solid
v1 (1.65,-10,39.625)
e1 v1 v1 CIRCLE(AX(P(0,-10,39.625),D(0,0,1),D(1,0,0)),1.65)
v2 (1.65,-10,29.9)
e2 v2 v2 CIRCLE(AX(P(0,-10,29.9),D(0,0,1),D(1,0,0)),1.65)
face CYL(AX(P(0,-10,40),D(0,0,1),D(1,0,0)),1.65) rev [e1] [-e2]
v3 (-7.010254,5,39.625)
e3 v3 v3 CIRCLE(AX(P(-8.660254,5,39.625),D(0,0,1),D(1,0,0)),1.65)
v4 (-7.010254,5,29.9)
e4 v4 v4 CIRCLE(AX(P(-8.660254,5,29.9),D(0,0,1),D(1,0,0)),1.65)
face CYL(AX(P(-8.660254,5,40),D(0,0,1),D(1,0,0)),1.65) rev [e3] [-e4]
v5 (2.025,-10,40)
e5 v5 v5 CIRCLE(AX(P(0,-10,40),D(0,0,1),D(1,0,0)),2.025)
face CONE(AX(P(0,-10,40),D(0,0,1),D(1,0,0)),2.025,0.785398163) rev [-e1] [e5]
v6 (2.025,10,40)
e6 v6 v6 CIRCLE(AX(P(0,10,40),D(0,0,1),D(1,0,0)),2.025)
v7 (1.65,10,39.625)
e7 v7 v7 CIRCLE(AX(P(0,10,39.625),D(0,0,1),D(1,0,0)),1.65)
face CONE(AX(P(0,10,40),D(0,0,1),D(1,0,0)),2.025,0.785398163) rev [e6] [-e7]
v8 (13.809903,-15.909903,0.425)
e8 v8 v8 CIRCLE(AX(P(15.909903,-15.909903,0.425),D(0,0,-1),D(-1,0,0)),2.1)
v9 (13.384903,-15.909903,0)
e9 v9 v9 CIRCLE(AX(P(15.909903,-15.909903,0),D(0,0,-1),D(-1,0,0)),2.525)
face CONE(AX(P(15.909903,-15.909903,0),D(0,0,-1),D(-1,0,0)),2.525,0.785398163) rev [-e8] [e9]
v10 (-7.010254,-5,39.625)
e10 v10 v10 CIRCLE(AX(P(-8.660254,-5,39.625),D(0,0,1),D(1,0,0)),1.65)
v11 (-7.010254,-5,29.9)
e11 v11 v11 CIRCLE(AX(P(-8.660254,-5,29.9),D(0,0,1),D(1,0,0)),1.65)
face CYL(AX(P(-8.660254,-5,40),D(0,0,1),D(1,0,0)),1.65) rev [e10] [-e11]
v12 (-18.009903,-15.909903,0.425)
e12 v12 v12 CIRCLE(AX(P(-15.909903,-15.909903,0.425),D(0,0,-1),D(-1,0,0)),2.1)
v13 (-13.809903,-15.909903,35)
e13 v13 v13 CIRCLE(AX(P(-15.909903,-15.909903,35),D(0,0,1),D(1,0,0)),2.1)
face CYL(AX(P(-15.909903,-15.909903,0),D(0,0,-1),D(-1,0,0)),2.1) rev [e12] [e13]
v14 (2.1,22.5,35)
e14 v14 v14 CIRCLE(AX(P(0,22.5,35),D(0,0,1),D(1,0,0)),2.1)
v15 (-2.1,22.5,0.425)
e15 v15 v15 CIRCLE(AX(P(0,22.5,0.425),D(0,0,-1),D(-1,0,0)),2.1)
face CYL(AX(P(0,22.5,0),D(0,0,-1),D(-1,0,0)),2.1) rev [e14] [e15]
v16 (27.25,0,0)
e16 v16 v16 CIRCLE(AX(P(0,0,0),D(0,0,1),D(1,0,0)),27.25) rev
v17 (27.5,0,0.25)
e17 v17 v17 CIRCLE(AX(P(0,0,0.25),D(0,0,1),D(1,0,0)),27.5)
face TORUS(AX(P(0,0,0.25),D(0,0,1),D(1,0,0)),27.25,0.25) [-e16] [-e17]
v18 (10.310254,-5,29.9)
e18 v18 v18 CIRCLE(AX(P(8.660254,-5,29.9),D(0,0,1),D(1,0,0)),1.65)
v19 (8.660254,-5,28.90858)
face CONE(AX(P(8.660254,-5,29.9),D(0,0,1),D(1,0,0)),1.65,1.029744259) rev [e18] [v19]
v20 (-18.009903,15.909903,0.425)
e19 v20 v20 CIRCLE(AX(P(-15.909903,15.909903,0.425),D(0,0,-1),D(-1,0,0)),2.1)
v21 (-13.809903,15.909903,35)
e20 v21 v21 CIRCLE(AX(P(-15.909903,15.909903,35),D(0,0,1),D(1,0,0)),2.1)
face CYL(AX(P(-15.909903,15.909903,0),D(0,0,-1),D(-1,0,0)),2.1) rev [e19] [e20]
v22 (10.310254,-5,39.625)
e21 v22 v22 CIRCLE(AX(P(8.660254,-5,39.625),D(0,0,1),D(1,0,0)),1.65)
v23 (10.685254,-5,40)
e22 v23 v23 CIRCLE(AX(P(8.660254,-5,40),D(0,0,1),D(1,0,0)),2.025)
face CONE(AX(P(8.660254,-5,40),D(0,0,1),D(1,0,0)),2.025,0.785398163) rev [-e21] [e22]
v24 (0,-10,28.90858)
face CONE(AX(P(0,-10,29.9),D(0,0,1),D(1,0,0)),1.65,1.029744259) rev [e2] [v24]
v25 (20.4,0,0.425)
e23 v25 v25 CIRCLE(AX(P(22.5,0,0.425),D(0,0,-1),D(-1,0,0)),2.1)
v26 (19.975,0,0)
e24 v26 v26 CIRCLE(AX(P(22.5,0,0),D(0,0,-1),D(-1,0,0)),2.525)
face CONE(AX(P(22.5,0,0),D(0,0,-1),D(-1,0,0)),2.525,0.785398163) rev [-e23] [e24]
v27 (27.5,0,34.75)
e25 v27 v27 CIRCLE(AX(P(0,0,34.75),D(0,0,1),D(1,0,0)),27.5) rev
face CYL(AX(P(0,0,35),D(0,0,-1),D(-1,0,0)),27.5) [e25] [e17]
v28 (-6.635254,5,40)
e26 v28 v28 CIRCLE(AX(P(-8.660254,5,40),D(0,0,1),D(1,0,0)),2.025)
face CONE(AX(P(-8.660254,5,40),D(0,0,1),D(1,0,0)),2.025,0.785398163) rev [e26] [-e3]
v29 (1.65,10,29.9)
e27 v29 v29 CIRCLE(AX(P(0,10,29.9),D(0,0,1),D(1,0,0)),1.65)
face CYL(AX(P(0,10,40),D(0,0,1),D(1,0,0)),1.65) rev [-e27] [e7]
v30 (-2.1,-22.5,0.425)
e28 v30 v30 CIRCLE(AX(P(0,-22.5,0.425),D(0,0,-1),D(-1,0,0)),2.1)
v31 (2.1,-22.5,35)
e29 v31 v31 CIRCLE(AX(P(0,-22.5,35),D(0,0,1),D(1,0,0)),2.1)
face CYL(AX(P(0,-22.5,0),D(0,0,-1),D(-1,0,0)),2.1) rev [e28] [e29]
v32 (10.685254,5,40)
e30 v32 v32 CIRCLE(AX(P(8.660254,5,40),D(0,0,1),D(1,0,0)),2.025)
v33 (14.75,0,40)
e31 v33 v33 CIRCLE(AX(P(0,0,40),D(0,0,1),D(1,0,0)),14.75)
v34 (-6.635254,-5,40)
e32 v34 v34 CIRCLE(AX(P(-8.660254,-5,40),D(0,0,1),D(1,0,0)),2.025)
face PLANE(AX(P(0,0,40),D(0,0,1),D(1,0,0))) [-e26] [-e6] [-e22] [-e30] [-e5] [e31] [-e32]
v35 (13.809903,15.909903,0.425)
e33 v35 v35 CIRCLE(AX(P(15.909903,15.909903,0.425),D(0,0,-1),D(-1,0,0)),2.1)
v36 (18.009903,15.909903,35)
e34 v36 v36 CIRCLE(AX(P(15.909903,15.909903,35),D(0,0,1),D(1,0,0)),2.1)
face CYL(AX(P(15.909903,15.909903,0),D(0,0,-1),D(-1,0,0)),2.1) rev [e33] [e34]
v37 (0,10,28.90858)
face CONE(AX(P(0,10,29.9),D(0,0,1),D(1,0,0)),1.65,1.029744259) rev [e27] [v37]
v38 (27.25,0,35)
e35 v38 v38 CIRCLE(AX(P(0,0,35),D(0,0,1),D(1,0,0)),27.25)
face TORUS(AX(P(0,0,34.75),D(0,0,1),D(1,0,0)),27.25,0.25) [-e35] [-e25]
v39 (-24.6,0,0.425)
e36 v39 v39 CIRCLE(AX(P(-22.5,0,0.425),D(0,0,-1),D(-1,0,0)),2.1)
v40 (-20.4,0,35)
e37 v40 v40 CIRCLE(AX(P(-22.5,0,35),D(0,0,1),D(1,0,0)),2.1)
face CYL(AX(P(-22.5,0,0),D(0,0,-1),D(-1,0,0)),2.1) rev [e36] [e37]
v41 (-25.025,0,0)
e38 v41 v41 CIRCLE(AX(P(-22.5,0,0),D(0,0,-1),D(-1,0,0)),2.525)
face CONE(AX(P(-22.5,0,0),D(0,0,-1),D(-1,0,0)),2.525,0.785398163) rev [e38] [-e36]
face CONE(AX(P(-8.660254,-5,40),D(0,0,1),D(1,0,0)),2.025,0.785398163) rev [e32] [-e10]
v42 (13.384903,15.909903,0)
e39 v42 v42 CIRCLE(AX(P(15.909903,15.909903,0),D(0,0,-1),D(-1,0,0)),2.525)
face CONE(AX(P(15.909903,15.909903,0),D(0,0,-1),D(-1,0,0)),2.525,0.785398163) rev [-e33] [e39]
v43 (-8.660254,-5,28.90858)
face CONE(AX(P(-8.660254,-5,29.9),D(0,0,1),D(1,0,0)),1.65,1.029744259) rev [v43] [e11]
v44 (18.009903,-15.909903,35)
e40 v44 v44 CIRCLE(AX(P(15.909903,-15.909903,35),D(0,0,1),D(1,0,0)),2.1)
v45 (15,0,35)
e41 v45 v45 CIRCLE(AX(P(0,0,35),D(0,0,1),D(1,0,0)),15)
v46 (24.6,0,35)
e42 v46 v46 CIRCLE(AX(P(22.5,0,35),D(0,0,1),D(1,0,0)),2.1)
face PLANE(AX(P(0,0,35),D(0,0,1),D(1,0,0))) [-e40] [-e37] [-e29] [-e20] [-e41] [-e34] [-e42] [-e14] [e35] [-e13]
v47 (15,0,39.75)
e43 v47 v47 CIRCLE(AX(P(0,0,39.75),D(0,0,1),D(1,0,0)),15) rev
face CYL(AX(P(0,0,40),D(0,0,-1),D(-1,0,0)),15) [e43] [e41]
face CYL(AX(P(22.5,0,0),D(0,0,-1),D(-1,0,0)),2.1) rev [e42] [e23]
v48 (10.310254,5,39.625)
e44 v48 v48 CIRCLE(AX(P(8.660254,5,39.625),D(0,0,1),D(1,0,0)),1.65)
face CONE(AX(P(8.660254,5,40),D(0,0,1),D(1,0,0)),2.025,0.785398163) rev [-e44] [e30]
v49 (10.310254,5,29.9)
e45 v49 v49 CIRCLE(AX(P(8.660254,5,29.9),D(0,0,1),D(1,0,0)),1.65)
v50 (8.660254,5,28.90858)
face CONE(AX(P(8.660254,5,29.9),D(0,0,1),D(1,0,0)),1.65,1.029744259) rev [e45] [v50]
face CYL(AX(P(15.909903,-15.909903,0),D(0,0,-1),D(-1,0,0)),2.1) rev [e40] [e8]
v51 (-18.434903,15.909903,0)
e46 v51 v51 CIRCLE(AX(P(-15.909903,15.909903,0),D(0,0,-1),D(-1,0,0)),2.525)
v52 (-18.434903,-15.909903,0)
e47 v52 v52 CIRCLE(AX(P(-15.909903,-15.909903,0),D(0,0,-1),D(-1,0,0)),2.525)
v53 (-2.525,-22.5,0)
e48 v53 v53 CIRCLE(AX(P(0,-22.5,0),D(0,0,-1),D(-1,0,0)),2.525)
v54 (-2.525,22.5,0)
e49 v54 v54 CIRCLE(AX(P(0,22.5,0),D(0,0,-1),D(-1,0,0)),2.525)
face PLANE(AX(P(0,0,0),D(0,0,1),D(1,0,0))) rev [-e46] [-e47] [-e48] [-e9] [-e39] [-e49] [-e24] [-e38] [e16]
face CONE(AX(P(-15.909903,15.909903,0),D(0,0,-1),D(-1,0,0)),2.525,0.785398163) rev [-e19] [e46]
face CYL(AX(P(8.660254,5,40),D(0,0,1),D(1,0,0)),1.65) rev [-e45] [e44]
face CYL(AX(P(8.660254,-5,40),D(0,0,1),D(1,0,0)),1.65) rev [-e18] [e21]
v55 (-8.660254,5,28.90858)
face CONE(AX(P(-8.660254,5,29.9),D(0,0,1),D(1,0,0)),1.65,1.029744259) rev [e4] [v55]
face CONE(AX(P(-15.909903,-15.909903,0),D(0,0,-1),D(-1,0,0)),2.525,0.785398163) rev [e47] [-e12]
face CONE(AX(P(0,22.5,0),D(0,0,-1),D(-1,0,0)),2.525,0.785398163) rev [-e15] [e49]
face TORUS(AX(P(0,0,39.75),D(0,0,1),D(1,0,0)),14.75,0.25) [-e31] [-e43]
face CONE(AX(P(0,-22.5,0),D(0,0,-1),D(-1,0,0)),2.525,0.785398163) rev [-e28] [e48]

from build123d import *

# Parameters (mm, degrees)
SKETCH_1_R                   = 27.5
EXTRUDE_1_DEPTH              = 35
SKETCH_2_R                   = 15
EXTRUDE_2_DEPTH              = 5
HOLE_WIZARD_M5_1_D           = 4.2
HOLE_WIZARD_M5_1_CSINK_D     = 5.05
HOLE_WIZARD_M5_1_CSINK_ANGLE = 90
HOLE_WIZARD_M4_1_D           = 3.3
HOLE_WIZARD_M4_1_DEPTH       = 10.1
HOLE_WIZARD_M4_1_CSINK_D     = 4.05
HOLE_WIZARD_M4_1_CSINK_ANGLE = 90
HOLE_WIZARD_M4_1_TIP         = 0.991420021
FILLET_1_R                   = 0.25


with BuildPart() as part:
    # 草图1 → 凸台-拉伸1 (new body)
    with BuildSketch(Plane.XY):
        Circle(SKETCH_1_R)
    extrude(amount=EXTRUDE_1_DEPTH)

    # 草图2 → 凸台-拉伸2 (add)
    with BuildSketch(Plane.XY.offset(35)):
        Circle(SKETCH_2_R)
    extrude(amount=EXTRUDE_2_DEPTH)

    # M5 螺纹孔1 (through all)
    with Locations(Plane(origin=(0, 22.5, 0), x_dir=(-1, 0, 0), z_dir=(0, 0, -1))):
        with Locations((0, 0), (15.909902577, -6.590097423), (22.5, -22.5), (15.909902577, -38.409902577), (0, -45), (-15.909902577, -38.409902577), (-22.5, -22.5), (-15.909902577, -6.590097423)):
            CounterSinkHole(HOLE_WIZARD_M5_1_D / 2, HOLE_WIZARD_M5_1_CSINK_D / 2, counter_sink_angle=HOLE_WIZARD_M5_1_CSINK_ANGLE)

    # M4 螺纹孔1
    with Locations(Plane(origin=(0, 10, 40), x_dir=(1, 0, 0), z_dir=(0, 0, 1))):
        with Locations((0, 0), (8.660254038, -5), (8.660254038, -15), (0, -20), (-8.660254038, -15), (-8.660254038, -5)):
            CounterSinkHole(HOLE_WIZARD_M4_1_D / 2, HOLE_WIZARD_M4_1_CSINK_D / 2, depth=HOLE_WIZARD_M4_1_DEPTH, counter_sink_angle=HOLE_WIZARD_M4_1_CSINK_ANGLE)
            with Locations((0, 0, -(HOLE_WIZARD_M4_1_DEPTH + HOLE_WIZARD_M4_1_TIP / 2))):  # 118° drill point
                Cone(0, HOLE_WIZARD_M4_1_D / 2, HOLE_WIZARD_M4_1_TIP, mode=Mode.SUBTRACT)

    # 圆角1
    fillet_1_edges = [part.edges().sort_by_distance(p)[0] for p in [
        (-27.5, 0, 0),
        (-27.5, 0, 35),
        (-15, 0, 40),
    ]]
    fillet(fillet_1_edges, radius=FILLET_1_R)


solid = part.part
